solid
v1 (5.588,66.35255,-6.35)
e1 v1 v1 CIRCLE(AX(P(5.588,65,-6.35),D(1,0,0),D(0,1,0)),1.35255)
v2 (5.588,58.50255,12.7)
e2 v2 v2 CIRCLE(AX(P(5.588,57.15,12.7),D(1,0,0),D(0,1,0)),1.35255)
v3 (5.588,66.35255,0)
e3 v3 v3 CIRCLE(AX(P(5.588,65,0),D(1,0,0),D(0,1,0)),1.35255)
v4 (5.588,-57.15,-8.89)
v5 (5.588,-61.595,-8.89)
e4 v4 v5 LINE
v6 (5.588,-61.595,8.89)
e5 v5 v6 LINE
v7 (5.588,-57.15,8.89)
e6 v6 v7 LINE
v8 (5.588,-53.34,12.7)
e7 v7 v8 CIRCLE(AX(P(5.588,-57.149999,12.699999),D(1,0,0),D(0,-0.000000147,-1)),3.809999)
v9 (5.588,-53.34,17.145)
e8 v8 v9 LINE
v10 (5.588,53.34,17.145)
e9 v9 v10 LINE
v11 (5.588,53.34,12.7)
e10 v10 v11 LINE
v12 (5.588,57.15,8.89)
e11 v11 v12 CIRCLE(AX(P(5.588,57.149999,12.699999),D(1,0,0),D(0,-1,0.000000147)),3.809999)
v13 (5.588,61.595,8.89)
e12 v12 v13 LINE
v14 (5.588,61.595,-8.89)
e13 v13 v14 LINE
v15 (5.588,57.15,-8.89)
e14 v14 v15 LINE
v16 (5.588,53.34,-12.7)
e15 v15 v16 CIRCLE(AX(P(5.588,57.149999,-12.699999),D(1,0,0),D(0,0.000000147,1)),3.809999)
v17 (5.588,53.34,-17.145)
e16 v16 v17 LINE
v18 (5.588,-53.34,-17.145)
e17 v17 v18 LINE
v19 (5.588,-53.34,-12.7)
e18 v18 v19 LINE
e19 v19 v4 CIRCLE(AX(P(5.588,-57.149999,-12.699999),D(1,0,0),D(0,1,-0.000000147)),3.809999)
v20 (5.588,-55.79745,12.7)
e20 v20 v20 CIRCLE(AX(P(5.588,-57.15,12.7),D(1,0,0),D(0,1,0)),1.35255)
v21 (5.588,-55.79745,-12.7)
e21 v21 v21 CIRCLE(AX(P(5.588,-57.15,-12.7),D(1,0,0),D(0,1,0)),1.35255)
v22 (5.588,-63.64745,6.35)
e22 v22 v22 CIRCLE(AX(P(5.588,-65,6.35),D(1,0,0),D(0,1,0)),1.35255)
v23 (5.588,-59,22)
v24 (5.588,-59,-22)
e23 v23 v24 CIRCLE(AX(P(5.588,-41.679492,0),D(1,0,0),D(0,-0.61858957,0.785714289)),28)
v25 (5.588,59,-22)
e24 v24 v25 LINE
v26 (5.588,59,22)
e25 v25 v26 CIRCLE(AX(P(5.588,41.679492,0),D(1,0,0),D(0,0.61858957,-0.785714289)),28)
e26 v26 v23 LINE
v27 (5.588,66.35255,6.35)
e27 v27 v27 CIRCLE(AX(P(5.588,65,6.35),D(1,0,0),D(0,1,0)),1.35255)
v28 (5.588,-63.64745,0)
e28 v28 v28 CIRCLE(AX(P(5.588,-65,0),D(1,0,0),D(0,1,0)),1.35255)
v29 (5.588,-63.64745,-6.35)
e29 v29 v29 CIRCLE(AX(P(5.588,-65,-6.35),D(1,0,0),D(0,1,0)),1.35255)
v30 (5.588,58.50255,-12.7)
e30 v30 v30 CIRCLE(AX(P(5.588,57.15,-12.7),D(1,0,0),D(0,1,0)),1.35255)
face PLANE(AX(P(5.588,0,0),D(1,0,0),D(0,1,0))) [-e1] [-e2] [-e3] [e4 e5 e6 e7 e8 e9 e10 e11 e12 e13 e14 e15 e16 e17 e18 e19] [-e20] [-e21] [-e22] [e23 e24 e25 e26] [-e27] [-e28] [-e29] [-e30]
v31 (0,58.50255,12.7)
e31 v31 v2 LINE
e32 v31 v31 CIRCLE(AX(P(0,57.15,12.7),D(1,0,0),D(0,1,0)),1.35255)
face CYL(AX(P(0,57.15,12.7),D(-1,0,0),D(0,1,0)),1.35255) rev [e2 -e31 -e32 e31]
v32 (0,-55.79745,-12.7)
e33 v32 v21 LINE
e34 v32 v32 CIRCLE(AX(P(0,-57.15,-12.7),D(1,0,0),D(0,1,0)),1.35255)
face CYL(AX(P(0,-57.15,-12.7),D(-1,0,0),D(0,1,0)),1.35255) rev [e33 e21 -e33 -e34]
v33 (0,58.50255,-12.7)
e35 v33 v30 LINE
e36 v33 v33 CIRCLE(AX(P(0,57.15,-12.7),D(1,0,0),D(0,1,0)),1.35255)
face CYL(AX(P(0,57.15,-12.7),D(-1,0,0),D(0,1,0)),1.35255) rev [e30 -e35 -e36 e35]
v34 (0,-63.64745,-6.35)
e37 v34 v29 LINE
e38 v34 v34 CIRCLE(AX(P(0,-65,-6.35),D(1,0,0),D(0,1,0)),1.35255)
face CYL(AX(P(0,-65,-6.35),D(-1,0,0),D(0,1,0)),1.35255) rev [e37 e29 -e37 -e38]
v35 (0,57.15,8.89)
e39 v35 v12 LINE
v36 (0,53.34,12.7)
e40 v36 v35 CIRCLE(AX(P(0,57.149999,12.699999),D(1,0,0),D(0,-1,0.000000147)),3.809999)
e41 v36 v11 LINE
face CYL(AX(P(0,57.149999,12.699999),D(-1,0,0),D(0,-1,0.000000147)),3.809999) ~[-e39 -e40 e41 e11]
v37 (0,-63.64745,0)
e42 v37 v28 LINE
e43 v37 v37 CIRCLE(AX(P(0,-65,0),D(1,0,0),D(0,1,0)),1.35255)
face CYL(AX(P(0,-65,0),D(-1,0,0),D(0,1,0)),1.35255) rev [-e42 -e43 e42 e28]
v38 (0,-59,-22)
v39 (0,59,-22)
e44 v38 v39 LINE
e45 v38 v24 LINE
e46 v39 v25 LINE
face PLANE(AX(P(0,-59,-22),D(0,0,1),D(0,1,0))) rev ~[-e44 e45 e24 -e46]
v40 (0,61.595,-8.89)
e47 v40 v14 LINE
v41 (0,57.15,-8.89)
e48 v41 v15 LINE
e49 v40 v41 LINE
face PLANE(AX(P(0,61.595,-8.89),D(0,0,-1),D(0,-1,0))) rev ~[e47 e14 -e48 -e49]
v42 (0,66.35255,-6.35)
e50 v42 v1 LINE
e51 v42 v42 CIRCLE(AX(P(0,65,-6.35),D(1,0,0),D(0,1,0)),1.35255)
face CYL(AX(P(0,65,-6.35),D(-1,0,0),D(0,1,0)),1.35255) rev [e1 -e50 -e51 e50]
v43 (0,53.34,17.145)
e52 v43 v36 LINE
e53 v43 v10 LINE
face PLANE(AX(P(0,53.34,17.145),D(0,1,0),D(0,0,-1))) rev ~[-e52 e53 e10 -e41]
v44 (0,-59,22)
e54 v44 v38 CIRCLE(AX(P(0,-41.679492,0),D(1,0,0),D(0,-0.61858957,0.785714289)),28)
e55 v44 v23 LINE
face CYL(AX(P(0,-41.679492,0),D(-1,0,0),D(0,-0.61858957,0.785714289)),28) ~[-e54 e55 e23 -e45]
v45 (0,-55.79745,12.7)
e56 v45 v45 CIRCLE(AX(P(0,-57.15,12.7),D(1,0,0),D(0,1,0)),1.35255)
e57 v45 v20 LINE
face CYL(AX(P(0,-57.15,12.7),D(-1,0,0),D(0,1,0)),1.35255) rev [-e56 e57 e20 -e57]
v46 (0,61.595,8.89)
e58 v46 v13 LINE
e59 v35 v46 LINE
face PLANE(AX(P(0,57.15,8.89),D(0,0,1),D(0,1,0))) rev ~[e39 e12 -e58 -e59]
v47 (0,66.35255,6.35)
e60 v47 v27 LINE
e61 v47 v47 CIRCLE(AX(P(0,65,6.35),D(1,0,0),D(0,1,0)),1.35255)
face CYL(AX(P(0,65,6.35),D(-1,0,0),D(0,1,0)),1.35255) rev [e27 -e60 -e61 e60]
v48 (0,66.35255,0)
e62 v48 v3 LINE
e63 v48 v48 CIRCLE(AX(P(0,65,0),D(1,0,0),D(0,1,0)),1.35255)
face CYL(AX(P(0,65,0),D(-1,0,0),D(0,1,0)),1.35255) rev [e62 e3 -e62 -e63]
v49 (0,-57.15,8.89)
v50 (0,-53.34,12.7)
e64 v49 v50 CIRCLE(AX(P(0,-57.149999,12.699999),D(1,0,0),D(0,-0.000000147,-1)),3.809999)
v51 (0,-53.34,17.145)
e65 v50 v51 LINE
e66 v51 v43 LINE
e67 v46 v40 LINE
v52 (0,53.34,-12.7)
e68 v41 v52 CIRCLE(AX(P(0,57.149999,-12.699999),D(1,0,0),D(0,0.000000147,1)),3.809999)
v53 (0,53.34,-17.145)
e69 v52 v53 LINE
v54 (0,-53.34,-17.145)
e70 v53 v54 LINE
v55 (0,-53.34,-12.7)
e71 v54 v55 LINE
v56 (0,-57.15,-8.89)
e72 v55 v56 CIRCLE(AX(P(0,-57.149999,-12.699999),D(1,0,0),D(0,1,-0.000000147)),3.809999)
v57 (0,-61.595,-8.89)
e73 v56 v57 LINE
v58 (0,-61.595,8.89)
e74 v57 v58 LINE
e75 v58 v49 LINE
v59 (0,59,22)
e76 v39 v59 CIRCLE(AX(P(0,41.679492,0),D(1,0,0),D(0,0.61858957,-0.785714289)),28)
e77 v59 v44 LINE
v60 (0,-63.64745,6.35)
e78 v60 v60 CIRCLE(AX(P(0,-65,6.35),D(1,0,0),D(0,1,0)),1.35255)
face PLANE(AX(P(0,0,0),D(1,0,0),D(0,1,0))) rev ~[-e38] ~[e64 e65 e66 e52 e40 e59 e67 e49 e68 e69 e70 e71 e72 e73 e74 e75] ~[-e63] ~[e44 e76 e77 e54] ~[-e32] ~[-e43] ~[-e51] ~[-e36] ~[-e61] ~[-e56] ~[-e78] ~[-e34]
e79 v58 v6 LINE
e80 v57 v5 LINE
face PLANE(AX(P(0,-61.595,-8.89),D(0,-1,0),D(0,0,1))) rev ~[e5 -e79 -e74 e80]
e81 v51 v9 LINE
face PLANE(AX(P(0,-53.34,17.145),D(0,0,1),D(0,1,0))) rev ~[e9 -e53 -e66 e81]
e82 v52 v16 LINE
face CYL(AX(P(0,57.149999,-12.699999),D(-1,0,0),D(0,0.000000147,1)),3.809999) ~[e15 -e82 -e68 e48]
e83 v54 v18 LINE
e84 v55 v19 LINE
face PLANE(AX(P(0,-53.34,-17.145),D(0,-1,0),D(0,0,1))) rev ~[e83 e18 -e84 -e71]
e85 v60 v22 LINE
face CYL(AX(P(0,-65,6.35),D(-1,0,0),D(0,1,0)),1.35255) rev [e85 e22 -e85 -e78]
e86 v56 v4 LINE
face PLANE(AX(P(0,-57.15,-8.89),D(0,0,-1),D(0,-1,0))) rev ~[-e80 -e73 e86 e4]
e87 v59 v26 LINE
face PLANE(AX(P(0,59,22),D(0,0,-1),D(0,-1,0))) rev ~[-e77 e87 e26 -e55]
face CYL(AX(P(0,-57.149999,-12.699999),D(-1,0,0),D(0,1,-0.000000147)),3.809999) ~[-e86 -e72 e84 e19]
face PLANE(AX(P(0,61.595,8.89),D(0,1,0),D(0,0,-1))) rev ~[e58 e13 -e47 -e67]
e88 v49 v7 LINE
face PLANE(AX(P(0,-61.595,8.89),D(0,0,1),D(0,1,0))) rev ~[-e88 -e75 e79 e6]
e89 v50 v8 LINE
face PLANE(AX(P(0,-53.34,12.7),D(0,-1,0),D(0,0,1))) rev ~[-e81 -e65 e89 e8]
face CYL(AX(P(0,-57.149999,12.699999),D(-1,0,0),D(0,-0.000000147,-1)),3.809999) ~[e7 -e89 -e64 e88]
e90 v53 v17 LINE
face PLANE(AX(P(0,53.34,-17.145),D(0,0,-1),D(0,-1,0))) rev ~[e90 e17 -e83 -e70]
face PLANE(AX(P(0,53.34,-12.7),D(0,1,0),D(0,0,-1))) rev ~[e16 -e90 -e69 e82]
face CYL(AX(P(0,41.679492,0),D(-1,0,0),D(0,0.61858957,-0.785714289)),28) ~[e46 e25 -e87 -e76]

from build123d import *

# Parameters (mm, degrees)
F0_R     = 1.35255
F1_DEPTH = 5.588


with BuildPart() as f1:
    # F0 (on Right) → F1 (new body)
    with BuildSketch(Plane.YZ):
        with BuildLine():
            ThreePointArc((59, -22), (69.679492, 0), (59, 22))
            Line((59, 22), (-59, 22))
            ThreePointArc((-59, 22), (-69.679492, 0), (-59, -22))
            Line((-59, -22), (59, -22))
        make_face()
        with Locations((-57.15, -12.7)):
            Circle(F0_R, mode=Mode.SUBTRACT)
        with Locations((-65, -6.35)):
            Circle(F0_R, mode=Mode.SUBTRACT)
        with Locations((57.15, -12.7)):
            Circle(F0_R, mode=Mode.SUBTRACT)
        with Locations((65, -6.35)):
            Circle(F0_R, mode=Mode.SUBTRACT)
        with Locations((-65, 0)):
            Circle(F0_R, mode=Mode.SUBTRACT)
        with Locations((-65, 6.35)):
            Circle(F0_R, mode=Mode.SUBTRACT)
        with BuildLine():
            Line((-53.34, 17.145), (53.34, 17.145))
            Line((53.34, 17.145), (53.34, 12.7))
            ThreePointArc((53.34, 12.7), (54.455923, 10.005923), (57.15, 8.89))
            Line((57.15, 8.89), (61.595, 8.89))
            Line((61.595, 8.89), (61.595, -8.89))
            Line((61.595, -8.89), (57.15, -8.89))
            ThreePointArc((57.15, -8.89), (54.455923, -10.005923), (53.34, -12.7))
            Line((53.34, -12.7), (53.34, -17.145))
            Line((53.34, -17.145), (-53.34, -17.145))
            Line((-53.34, -17.145), (-53.34, -12.7))
            ThreePointArc((-53.34, -12.7), (-54.455923, -10.005923), (-57.15, -8.89))
            Line((-57.15, -8.89), (-61.595, -8.89))
            Line((-61.595, -8.89), (-61.595, 8.89))
            Line((-61.595, 8.89), (-57.15, 8.89))
            ThreePointArc((-57.15, 8.89), (-54.455923, 10.005923), (-53.34, 12.7))
            Line((-53.34, 12.7), (-53.34, 17.145))
        make_face(mode=Mode.SUBTRACT)
        with Locations((-57.15, 12.7)):
            Circle(F0_R, mode=Mode.SUBTRACT)
        with Locations((65, 0)):
            Circle(F0_R, mode=Mode.SUBTRACT)
        with Locations((65, 6.35)):
            Circle(F0_R, mode=Mode.SUBTRACT)
        with Locations((57.15, 12.7)):
            Circle(F0_R, mode=Mode.SUBTRACT)
    extrude(amount=F1_DEPTH)


solid = f1.part
